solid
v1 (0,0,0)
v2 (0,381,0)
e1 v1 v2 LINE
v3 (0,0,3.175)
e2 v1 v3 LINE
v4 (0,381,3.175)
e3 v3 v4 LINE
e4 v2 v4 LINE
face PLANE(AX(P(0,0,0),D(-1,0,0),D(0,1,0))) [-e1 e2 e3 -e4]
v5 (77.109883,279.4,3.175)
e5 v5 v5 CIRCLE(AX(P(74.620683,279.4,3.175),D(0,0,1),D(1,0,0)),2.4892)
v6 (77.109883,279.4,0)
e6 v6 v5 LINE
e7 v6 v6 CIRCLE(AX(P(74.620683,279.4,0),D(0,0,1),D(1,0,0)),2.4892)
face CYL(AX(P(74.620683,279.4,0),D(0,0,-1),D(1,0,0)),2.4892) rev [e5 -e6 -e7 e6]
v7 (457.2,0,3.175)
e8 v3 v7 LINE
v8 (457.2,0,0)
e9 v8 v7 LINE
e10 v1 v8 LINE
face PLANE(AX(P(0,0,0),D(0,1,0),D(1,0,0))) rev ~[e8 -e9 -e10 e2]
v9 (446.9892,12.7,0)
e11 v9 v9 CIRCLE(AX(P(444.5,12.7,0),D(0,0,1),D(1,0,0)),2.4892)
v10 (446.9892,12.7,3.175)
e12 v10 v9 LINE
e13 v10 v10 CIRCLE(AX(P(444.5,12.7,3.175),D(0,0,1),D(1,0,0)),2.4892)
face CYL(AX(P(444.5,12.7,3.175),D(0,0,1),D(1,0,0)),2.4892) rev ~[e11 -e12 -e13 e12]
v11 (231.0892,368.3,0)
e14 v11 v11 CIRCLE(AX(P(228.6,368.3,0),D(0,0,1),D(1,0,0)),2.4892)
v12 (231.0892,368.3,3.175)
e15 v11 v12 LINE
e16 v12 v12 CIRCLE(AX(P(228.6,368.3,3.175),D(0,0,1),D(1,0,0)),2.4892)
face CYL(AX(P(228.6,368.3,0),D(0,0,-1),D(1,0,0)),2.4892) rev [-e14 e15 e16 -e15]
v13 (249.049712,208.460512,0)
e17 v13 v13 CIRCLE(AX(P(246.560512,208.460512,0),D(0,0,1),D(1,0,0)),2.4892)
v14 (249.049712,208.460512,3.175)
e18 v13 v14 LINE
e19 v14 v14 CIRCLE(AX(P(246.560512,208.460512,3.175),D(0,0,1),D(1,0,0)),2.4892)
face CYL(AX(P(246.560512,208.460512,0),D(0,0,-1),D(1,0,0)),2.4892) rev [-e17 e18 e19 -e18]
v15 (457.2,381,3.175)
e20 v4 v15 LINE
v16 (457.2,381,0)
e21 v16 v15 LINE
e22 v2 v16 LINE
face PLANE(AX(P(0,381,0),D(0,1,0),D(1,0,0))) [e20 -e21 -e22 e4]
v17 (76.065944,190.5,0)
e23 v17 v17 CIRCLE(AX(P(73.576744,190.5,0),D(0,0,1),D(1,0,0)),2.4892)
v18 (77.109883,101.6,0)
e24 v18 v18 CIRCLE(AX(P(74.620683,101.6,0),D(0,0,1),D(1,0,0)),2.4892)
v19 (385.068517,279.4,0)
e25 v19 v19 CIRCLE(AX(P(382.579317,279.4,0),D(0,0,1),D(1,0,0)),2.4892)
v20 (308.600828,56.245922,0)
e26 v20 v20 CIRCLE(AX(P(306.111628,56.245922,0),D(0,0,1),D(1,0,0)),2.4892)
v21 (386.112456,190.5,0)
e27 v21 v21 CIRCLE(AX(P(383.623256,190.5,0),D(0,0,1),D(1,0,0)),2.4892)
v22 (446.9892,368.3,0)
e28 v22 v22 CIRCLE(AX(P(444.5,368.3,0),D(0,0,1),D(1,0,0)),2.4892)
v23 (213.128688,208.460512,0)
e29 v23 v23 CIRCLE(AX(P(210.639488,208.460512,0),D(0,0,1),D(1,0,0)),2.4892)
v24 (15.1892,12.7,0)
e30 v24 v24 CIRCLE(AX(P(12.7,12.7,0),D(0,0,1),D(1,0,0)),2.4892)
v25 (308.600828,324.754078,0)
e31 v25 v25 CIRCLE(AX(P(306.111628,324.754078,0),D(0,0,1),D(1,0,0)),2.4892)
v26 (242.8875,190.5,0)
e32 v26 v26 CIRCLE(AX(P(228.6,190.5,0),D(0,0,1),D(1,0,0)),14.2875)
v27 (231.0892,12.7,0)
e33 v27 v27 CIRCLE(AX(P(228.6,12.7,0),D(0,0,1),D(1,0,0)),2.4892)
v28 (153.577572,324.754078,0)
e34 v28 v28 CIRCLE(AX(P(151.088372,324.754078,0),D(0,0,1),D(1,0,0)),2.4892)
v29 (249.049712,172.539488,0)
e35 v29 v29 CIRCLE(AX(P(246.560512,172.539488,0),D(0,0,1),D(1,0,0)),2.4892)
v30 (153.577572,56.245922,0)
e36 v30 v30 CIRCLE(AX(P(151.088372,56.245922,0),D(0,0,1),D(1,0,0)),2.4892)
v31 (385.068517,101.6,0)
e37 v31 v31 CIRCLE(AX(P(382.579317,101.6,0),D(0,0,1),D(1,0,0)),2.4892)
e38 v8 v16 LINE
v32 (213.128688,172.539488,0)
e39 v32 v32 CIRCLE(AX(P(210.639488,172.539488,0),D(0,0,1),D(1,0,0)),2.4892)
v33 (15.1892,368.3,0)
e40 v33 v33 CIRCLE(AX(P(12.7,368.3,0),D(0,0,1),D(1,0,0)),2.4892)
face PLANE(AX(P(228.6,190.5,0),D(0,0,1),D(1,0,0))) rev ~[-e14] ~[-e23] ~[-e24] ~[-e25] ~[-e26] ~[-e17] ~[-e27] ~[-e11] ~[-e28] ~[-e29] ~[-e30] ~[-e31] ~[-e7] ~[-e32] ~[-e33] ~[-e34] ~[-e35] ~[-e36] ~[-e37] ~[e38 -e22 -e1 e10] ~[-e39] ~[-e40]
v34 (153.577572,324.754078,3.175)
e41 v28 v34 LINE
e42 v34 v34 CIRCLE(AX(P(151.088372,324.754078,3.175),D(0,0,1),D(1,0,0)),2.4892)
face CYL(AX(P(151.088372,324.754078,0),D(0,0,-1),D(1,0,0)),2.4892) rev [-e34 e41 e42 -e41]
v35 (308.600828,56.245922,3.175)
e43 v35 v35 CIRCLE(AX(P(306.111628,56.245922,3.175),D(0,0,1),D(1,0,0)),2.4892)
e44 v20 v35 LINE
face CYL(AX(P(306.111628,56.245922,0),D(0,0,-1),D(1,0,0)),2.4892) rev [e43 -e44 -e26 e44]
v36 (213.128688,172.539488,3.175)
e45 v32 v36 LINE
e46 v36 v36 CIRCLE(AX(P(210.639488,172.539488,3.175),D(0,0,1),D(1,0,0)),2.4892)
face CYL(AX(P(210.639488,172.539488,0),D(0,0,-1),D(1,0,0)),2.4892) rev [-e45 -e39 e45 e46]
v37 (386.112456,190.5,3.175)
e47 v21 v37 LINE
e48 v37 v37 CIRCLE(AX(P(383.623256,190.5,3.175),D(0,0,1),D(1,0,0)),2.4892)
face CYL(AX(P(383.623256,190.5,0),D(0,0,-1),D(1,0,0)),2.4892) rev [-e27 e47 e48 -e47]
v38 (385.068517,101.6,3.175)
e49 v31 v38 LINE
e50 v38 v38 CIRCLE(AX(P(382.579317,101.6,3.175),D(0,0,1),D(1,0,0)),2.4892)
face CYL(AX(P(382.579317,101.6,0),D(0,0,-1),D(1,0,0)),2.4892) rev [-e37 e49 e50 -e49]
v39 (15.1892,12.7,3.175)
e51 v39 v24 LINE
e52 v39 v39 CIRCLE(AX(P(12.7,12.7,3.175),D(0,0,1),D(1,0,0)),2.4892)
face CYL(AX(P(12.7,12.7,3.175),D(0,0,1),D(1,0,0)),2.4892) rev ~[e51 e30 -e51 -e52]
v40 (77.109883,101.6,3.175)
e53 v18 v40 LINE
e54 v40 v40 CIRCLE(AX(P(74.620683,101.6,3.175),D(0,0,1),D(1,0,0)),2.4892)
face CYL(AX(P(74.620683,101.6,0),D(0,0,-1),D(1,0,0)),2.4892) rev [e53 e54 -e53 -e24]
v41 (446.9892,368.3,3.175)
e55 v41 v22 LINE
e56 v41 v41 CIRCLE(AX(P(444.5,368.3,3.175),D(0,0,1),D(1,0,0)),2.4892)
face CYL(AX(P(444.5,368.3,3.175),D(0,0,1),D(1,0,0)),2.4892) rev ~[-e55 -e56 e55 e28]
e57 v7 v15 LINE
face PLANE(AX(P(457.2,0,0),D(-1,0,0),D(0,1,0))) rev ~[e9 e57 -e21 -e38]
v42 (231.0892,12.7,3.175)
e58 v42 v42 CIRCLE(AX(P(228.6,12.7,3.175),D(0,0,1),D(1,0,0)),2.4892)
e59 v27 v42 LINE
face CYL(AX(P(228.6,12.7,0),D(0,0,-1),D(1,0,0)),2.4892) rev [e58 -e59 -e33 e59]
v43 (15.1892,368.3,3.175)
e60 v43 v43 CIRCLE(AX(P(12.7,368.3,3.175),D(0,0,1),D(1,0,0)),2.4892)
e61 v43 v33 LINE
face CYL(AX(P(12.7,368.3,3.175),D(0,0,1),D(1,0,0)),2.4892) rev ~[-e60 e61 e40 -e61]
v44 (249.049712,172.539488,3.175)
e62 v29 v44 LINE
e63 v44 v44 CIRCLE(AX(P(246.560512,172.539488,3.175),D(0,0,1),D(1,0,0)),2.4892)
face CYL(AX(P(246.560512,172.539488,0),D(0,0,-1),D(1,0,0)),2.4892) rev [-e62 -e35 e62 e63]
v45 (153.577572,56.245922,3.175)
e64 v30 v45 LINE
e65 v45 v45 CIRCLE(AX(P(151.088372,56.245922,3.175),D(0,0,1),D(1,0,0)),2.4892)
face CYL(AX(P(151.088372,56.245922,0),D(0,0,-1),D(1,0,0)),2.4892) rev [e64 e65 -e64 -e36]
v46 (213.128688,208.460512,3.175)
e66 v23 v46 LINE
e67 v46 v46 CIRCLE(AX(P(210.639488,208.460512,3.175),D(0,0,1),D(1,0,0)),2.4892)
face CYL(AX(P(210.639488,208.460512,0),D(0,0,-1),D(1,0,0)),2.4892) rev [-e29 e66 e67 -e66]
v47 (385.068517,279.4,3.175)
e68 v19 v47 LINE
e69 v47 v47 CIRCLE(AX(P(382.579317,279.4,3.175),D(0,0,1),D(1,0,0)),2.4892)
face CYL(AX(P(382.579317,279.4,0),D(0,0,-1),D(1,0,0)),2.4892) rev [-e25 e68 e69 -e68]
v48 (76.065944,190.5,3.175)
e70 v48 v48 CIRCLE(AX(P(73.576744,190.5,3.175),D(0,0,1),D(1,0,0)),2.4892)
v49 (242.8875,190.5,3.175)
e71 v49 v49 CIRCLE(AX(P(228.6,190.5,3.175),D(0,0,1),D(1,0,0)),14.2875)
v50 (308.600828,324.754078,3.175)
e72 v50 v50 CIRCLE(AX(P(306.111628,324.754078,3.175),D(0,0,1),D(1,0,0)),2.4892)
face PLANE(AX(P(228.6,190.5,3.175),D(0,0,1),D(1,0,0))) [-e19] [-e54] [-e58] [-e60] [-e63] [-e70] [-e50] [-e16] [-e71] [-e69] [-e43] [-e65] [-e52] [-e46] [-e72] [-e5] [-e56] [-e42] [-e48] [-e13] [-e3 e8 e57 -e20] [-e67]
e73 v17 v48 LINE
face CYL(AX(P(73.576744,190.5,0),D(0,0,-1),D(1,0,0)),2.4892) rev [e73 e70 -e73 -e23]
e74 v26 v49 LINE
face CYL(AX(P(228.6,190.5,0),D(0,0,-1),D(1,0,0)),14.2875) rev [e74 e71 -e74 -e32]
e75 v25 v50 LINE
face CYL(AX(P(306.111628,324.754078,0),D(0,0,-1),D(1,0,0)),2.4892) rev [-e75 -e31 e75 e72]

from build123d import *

# Parameters (mm, degrees)
F0_W     = 457.2
F0_H     = 381
F0_R     = 2.4892
F0_R_2   = 14.2875
F1_DEPTH = 3.175
F2_R     = 2.4892
F3_DEPTH = 3.176


with BuildPart() as f1:
    # F0 (on Top) → F1 (new body)
    with BuildSketch(Plane.XY):
        with Locations((228.6, 190.5)):
            Rectangle(F0_W, F0_H)
        with Locations((151.088372, 56.245922)):
            Circle(F0_R, mode=Mode.SUBTRACT)
        with Locations((74.620683, 101.6)):
            Circle(F0_R, mode=Mode.SUBTRACT)
        with Locations((210.639488, 172.539488)):
            Circle(F0_R, mode=Mode.SUBTRACT)
        with Locations((228.6, 12.7)):
            Circle(F0_R, mode=Mode.SUBTRACT)
        with Locations((306.111628, 56.245922)):
            Circle(F0_R, mode=Mode.SUBTRACT)
        with Locations((246.560512, 172.539488)):
            Circle(F0_R, mode=Mode.SUBTRACT)
        with Locations((382.579317, 101.6)):
            Circle(F0_R, mode=Mode.SUBTRACT)
        with Locations((73.576744, 190.5)):
            Circle(F0_R, mode=Mode.SUBTRACT)
        with Locations((74.620683, 279.4)):
            Circle(F0_R, mode=Mode.SUBTRACT)
        with Locations((210.639488, 208.460512)):
            Circle(F0_R, mode=Mode.SUBTRACT)
        with Locations((151.088372, 324.754078)):
            Circle(F0_R, mode=Mode.SUBTRACT)
        with Locations((228.6, 190.5)):
            Circle(F0_R_2, mode=Mode.SUBTRACT)
        with Locations((246.560512, 208.460512)):
            Circle(F0_R, mode=Mode.SUBTRACT)
        with Locations((383.623256, 190.5)):
            Circle(F0_R, mode=Mode.SUBTRACT)
        with Locations((382.579317, 279.4)):
            Circle(F0_R, mode=Mode.SUBTRACT)
        with Locations((306.111628, 324.754078)):
            Circle(F0_R, mode=Mode.SUBTRACT)
        with Locations((228.6, 368.3)):
            Circle(F0_R, mode=Mode.SUBTRACT)
    extrude(amount=F1_DEPTH)

    # F2 (on face) → F3 (cut, through all)
    with BuildSketch(Plane.XY.offset(3.175)):
        with Locations((12.7, 368.3)):
            Circle(F2_R)
        with Locations((444.5, 368.3)):
            Circle(F2_R)
        with Locations((444.5, 12.7)):
            Circle(F2_R)
        with Locations((12.7, 12.7)):
            Circle(F2_R)
    extrude(amount=-F3_DEPTH, mode=Mode.SUBTRACT)


solid = f1.part
